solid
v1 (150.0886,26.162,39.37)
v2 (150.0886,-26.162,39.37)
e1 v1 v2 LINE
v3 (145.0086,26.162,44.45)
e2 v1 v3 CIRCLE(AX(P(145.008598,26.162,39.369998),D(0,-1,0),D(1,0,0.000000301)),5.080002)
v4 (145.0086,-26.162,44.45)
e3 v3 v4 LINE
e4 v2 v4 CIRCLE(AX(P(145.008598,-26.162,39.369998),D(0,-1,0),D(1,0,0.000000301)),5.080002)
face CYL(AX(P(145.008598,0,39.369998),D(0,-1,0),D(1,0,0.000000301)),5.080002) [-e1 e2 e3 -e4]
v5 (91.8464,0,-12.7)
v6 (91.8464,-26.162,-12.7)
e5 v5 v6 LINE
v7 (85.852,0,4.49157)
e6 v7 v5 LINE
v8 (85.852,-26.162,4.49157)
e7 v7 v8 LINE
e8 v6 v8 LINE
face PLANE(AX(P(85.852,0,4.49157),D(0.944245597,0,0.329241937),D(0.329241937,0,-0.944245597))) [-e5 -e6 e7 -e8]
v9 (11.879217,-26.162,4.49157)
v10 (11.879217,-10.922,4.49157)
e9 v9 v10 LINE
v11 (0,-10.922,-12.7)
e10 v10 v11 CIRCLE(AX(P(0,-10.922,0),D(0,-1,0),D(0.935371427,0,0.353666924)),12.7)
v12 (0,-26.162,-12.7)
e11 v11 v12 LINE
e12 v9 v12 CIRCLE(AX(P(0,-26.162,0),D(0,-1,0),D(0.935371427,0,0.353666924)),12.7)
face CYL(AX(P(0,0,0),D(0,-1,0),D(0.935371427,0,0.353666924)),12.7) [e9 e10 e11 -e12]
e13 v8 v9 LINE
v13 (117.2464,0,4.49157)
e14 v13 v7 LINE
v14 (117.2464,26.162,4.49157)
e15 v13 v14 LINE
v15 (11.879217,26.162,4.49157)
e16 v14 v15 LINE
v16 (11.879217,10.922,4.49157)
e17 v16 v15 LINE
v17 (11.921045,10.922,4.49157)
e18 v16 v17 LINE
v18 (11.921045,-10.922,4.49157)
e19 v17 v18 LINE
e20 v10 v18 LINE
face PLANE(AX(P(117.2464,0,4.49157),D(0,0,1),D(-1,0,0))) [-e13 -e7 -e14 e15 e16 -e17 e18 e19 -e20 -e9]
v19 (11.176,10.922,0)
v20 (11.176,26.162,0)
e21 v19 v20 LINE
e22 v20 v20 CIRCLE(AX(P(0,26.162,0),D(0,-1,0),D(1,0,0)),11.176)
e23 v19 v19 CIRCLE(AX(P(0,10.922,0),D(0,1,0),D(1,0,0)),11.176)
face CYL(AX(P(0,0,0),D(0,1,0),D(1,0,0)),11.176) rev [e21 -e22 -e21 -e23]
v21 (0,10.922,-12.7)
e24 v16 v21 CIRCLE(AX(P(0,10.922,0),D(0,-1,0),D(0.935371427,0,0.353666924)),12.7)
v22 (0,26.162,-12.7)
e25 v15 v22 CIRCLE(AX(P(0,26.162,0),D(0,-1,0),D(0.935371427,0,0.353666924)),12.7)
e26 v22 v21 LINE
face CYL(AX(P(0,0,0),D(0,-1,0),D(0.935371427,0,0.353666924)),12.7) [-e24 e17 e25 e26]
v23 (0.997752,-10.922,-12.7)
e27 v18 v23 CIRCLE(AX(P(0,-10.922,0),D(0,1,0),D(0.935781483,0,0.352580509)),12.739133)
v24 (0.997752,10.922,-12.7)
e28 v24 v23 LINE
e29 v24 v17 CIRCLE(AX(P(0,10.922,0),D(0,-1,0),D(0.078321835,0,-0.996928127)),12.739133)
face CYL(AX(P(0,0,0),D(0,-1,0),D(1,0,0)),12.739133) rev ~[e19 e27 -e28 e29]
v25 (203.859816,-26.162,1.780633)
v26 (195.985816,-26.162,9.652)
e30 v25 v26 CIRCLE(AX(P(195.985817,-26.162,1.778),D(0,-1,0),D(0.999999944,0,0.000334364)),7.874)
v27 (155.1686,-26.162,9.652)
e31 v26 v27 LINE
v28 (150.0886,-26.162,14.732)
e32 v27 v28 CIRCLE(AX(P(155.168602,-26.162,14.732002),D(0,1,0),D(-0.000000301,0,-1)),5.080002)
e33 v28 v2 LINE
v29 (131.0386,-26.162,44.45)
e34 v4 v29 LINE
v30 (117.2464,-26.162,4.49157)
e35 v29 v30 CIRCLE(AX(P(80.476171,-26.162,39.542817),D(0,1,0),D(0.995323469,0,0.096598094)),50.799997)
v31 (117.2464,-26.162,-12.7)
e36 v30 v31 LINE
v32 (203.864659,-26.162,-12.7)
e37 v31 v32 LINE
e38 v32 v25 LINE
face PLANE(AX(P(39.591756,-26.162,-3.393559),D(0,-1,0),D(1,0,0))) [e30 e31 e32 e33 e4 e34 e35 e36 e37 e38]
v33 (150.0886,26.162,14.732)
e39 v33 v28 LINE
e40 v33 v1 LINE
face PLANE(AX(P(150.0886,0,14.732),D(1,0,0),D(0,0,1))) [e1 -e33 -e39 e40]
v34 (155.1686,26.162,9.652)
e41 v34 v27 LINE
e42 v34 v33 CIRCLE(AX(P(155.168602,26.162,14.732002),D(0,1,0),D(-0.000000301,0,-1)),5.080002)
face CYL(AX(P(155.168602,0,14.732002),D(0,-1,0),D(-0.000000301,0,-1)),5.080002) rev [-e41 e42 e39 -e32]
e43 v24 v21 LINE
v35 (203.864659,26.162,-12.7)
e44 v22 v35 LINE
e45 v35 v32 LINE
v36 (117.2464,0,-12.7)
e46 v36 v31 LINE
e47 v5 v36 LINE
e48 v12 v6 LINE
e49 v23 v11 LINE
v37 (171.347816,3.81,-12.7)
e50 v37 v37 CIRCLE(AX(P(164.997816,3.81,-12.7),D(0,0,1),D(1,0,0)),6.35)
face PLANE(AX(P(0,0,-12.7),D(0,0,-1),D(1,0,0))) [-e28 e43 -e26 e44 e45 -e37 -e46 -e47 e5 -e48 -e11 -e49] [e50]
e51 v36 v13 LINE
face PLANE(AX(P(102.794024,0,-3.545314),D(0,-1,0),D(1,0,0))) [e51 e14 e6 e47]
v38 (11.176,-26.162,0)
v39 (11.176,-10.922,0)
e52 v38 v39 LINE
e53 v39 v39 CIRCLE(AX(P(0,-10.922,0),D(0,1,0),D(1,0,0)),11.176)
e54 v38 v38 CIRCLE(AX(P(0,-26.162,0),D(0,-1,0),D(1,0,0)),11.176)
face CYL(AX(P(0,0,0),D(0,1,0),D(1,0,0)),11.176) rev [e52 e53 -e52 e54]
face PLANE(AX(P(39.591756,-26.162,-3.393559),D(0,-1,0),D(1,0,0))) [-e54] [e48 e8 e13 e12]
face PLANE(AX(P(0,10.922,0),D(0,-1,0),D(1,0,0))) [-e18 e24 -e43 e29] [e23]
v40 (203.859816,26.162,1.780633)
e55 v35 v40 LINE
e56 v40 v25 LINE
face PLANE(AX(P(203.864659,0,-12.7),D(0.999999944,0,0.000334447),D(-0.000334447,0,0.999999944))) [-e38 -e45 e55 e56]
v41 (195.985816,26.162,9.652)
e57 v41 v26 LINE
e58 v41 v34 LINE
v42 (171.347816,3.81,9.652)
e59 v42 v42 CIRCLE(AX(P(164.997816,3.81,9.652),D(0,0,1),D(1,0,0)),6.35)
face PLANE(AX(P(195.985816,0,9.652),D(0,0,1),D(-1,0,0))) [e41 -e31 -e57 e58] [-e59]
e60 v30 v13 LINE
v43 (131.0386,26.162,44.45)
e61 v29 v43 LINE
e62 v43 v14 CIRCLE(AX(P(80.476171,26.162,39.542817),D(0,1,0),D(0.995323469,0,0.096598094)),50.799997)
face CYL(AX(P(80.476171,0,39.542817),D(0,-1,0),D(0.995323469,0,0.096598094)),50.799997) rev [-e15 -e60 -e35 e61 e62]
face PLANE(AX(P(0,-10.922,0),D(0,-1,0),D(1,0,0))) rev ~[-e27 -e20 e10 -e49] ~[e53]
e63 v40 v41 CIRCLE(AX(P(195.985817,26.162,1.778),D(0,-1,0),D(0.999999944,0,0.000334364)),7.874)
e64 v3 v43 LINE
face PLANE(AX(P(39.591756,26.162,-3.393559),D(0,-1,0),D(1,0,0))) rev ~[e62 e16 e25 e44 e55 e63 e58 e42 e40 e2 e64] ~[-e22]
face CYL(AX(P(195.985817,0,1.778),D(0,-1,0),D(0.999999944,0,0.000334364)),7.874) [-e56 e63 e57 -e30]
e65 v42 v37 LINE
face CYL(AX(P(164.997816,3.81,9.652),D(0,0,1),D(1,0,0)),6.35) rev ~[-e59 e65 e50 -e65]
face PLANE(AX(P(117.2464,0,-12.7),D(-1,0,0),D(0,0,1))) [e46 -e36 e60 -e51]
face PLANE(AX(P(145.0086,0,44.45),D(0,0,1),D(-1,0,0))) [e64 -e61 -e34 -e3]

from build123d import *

# Parameters (mm, degrees)
F0_R     = 11.176
F1_DEPTH = 26.162
F2_DEPTH = 26.163
F3_R     = 12.739133
F4_DEPTH = 10.922
F5_R     = 6.35
F6_DEPTH = 22.353


with BuildPart() as f1:
    # F0 (on Front) → F1 (new body, symmetric)
    with BuildSketch(Plane.XZ):
        with BuildLine():
            Line((85.852, 4.49157), (11.879217, 4.49157))
            ThreePointArc((11.879217, 4.49157), (-10.448276, 7.219663), (0, -12.7))
            Line((0, -12.7), (91.8464, -12.7))
            Line((91.8464, -12.7), (85.852, 4.49157))
        make_face()
        Circle(F0_R, mode=Mode.SUBTRACT)
        Polygon((117.2464, 4.49157), (85.852, 4.49157), (91.8464, -12.7), (117.2464, -12.7), (117.2464, 1.780633), align=None)
        Polygon((117.2464, 1.780633), (117.2464, -12.7), (203.864659, -12.7), (203.859816, 1.780633), align=None)
        with BuildLine():
            ThreePointArc((131.0386, 44.45), (128.496139, 22.968067), (117.2464, 4.49157))
            Line((117.2464, 4.49157), (117.2464, 1.780633))
            Line((117.2464, 1.780633), (203.859816, 1.780633))
            ThreePointArc((203.859816, 1.780633), (201.552644, 7.34669), (195.985816, 9.652))
            Line((195.985816, 9.652), (155.1686, 9.652))
            ThreePointArc((155.1686, 9.652), (151.576498, 11.139898), (150.0886, 14.732))
            Line((150.0886, 14.732), (150.0886, 39.37))
            ThreePointArc((150.0886, 39.37), (148.600702, 42.962102), (145.0086, 44.45))
            Line((145.0086, 44.45), (131.0386, 44.45))
        make_face()
    extrude(amount=F1_DEPTH, both=True)

    # F0 (on Front) → F2 (cut, through all)
    with BuildSketch(Plane.XZ):
        Polygon((117.2464, 4.49157), (85.852, 4.49157), (91.8464, -12.7), (117.2464, -12.7), (117.2464, 1.780633), align=None)
    extrude(amount=F2_DEPTH, mode=Mode.SUBTRACT)

    # F3 (on Front) → F4 (cut, symmetric)
    with BuildSketch(Plane.XZ):
        Circle(F3_R)
    extrude(amount=F4_DEPTH, both=True, mode=Mode.SUBTRACT)

    # F5 (on face) → F6 (cut, through all)
    with BuildSketch(Plane.XY.offset(9.652)):
        with Locations((164.997816, 3.81)):
            Circle(F5_R)
    extrude(amount=-F6_DEPTH, mode=Mode.SUBTRACT)


solid = f1.part
